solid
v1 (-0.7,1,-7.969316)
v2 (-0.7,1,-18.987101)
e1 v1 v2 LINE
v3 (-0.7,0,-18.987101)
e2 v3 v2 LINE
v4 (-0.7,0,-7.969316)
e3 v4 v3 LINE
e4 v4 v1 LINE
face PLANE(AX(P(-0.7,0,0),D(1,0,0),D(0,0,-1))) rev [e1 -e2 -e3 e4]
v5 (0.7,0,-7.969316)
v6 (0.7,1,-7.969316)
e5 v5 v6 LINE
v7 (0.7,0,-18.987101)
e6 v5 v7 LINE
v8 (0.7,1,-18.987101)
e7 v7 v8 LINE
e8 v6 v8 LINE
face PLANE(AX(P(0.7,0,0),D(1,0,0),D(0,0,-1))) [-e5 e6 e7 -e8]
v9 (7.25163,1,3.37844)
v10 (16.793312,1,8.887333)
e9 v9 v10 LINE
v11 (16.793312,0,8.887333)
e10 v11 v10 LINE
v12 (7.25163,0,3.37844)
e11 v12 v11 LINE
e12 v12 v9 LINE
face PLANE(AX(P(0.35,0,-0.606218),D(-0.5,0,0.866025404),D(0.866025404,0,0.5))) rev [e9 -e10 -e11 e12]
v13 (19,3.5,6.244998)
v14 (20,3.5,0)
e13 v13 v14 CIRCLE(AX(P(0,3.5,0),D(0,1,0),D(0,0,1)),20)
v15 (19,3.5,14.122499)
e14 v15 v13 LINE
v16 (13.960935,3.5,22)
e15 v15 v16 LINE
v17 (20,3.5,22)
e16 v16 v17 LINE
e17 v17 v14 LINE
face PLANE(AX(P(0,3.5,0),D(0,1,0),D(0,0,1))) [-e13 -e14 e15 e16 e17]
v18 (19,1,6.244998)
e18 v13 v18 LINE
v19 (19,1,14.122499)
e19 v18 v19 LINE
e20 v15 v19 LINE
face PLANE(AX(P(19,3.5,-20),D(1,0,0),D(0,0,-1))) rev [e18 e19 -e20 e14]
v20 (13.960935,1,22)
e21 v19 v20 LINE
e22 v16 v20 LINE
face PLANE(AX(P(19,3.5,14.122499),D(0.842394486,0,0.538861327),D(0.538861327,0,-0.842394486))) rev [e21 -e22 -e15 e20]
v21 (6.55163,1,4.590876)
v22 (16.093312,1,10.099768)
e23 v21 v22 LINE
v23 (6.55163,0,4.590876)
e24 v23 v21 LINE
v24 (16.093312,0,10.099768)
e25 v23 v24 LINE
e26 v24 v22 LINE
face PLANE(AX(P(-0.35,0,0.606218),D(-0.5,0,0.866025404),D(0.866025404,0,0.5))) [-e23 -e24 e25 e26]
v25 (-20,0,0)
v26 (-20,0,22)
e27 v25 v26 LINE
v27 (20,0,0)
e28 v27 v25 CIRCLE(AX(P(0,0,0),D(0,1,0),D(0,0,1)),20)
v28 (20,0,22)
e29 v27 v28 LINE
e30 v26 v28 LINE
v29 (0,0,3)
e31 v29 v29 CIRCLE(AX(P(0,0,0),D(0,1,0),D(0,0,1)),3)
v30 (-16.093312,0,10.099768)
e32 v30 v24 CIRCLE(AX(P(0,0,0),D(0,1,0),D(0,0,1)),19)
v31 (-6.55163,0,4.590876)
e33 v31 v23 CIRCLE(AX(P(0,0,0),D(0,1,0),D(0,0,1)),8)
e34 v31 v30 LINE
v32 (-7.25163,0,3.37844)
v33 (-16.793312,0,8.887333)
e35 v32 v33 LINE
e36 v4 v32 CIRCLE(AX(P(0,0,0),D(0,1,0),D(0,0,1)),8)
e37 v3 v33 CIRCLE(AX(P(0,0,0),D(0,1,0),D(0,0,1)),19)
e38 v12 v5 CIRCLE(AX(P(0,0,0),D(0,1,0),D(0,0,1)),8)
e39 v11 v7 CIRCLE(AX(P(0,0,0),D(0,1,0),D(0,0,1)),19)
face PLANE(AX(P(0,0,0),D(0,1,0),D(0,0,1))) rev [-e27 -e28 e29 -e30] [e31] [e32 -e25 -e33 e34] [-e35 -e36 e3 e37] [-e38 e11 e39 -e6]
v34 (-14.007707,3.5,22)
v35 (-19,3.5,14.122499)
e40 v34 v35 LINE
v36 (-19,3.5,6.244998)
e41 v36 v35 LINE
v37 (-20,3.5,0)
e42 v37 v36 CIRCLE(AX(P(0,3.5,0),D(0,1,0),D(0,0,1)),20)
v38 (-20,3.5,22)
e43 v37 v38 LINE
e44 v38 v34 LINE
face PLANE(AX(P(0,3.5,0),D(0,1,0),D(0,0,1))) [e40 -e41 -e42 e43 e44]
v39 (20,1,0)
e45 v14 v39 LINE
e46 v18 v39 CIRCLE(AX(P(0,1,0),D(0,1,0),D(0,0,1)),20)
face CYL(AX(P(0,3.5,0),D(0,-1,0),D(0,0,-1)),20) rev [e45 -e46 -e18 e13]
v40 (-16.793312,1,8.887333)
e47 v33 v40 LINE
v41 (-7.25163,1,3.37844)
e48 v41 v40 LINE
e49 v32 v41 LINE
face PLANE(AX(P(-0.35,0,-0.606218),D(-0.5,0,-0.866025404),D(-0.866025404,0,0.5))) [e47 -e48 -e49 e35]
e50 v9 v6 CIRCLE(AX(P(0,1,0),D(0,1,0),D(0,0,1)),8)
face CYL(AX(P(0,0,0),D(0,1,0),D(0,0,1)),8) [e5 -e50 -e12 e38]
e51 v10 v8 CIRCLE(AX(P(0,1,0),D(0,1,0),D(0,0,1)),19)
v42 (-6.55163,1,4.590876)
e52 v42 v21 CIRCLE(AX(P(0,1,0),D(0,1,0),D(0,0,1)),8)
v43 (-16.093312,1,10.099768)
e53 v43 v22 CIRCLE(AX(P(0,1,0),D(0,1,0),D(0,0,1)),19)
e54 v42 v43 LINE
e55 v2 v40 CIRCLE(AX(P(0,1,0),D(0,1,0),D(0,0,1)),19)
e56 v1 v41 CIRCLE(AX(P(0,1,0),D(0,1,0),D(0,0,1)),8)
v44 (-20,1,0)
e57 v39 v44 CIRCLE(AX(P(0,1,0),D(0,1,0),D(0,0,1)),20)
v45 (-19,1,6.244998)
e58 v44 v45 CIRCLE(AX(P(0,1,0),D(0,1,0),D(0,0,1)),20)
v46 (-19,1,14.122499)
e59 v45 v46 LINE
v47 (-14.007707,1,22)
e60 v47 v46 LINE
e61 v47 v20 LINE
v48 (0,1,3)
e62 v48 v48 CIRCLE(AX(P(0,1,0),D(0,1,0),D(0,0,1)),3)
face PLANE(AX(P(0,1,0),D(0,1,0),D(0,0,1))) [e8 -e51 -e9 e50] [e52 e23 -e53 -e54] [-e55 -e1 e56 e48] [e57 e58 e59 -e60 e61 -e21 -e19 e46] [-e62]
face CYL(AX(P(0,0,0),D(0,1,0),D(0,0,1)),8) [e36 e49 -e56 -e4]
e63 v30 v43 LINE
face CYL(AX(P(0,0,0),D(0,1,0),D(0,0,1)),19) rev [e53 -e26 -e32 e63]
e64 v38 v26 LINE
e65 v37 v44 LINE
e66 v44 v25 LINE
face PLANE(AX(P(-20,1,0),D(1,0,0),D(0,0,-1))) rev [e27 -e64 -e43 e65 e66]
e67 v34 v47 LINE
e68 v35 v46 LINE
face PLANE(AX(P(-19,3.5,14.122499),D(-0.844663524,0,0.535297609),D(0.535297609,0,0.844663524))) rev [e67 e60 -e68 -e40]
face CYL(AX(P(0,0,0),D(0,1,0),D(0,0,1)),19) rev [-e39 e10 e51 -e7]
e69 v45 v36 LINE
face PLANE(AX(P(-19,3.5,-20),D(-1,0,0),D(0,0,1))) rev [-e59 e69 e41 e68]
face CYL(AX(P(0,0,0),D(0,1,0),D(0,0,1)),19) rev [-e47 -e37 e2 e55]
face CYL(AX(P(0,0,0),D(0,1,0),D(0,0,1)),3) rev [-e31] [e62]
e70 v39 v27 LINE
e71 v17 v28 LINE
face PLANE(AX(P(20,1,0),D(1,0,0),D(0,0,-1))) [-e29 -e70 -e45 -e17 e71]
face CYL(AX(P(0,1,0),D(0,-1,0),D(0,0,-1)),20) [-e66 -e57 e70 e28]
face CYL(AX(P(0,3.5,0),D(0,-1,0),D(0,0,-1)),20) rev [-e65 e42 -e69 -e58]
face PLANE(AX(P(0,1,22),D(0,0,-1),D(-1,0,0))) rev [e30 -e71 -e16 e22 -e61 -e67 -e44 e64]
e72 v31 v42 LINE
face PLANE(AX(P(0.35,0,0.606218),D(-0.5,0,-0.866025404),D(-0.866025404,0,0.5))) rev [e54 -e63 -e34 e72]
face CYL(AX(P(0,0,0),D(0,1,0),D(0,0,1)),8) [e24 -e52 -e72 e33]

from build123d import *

# Parameters (mm, degrees)
EXTRUDE_4_DEPTH     = 1
EXTRUDE_5_DEPTH     = 2.5
CUT_EXTRUDE_2_DEPTH = 30.837057496
SKETCH_6_R          = 3
CUT_EXTRUDE_3_DEPTH = 30.837057496
SKETCH_7_W          = 38
SKETCH_7_H          = 2.5
CUT_EXTRUDE_4_DEPTH = 47.650294747
EXTRUDE_6_DEPTH     = 2.5


with BuildPart() as part:
    # 草图1 → 凸台-拉伸4 (new body)
    with BuildSketch(Plane(origin=(0, 0, 0), x_dir=(1, 0, 0), z_dir=(0, 1, 0))):
        with BuildLine():
            ThreePointArc((20, 0), (0, 20), (-20, 0))
            Line((-20, 0), (20, 0))
        make_face()
        with BuildLine():
            Line((20, 0), (-20, 0))
            ThreePointArc((-20, 0), (0, -20), (20, 0))
        make_face()
        with BuildLine():
            ThreePointArc((20, 0), (0, -20), (-20, 0))
            Line((-20, 0), (-20, -22))
            Line((-20, -22), (20, -22))
            Line((20, -22), (20, 0))
        make_face()
    extrude(amount=EXTRUDE_4_DEPTH)

    # 草图4 → 凸台-拉伸5 (add)
    with BuildSketch(Plane(origin=(0, 1, 0), x_dir=(1, 0, 0), z_dir=(0, 1, 0))):
        with BuildLine():
            ThreePointArc((20, 0), (0, -20), (-20, 0))
            Line((-20, 0), (-20, -22))
            Line((-20, -22), (20, -22))
            Line((20, -22), (20, 0))
        make_face()
    extrude(amount=EXTRUDE_5_DEPTH)

    # 草图5 → 切除-拉伸2 (cut, through all)
    with BuildSketch(Plane(origin=(0, 1, 0), x_dir=(1, 0, 0), z_dir=(0, 1, 0))):
        with BuildLine():
            ThreePointArc((-7.251630242, -3.378440296), (-6.92820323, 4), (-0.7, 7.969316156))
            Line((-0.7, 7.969316156), (-0.7, 18.987100885))
            ThreePointArc((-0.7, 18.987100885), (-16.454482672, 9.5), (-16.79331171, -8.88733266))
            Line((-16.79331171, -8.88733266), (-7.251630242, -3.378440296))
        make_face()
        with BuildLine():
            ThreePointArc((8, 0), (7.810667127, -1.730167342), (7.251630242, -3.378440296))
            Line((7.251630242, -3.378440296), (16.79331171, -8.88733266))
            ThreePointArc((16.79331171, -8.88733266), (18.440077582, -4.578595718), (19, 0))
            ThreePointArc((19, 0), (13.680277775, 13.185218997), (0.7, 18.987100885))
            Line((0.7, 18.987100885), (0.7, 7.969316156))
            ThreePointArc((0.7, 7.969316156), (5.899152482, 5.403702434), (8, 0))
        make_face()
        with BuildLine():
            Line((16.09331171, -10.099768225), (6.551630242, -4.590875861))
            ThreePointArc((6.551630242, -4.590875861), (0, -8), (-6.551630242, -4.590875861))
            Line((-6.551630242, -4.590875861), (-16.09331171, -10.099768225))
            ThreePointArc((-16.09331171, -10.099768225), (0, -19), (16.09331171, -10.099768225))
        make_face()
    extrude(amount=-CUT_EXTRUDE_2_DEPTH, mode=Mode.SUBTRACT)

    # 草图6 → 切除-拉伸3 (cut, through all)
    with BuildSketch(Plane(origin=(0, 1, 0), x_dir=(1, 0, 0), z_dir=(0, 1, 0))):
        with Locations(Location((0, 0, 0), (0, 0, 270))):
            Circle(SKETCH_6_R)
    extrude(amount=-CUT_EXTRUDE_3_DEPTH, mode=Mode.SUBTRACT)

    # 草图7 → 切除-拉伸4 (cut, through all)
    with BuildSketch(Plane.XY.offset(22)):
        with Locations((0, 2.25)):
            Rectangle(SKETCH_7_W, SKETCH_7_H)
    extrude(amount=-CUT_EXTRUDE_4_DEPTH, mode=Mode.SUBTRACT)

    # 草图8 → 凸台-拉伸6 (add)
    with BuildSketch(Plane(origin=(0, 1, 0), x_dir=(1, 0, 0), z_dir=(0, 1, 0))):
        Polygon((19, -14.122498999), (13.960934911, -22), (19, -22), align=None)
        Polygon((-19, -14.122498999), (-14.007707412, -22), (-19, -22), align=None)
    extrude(amount=EXTRUDE_6_DEPTH)


solid = part.part
